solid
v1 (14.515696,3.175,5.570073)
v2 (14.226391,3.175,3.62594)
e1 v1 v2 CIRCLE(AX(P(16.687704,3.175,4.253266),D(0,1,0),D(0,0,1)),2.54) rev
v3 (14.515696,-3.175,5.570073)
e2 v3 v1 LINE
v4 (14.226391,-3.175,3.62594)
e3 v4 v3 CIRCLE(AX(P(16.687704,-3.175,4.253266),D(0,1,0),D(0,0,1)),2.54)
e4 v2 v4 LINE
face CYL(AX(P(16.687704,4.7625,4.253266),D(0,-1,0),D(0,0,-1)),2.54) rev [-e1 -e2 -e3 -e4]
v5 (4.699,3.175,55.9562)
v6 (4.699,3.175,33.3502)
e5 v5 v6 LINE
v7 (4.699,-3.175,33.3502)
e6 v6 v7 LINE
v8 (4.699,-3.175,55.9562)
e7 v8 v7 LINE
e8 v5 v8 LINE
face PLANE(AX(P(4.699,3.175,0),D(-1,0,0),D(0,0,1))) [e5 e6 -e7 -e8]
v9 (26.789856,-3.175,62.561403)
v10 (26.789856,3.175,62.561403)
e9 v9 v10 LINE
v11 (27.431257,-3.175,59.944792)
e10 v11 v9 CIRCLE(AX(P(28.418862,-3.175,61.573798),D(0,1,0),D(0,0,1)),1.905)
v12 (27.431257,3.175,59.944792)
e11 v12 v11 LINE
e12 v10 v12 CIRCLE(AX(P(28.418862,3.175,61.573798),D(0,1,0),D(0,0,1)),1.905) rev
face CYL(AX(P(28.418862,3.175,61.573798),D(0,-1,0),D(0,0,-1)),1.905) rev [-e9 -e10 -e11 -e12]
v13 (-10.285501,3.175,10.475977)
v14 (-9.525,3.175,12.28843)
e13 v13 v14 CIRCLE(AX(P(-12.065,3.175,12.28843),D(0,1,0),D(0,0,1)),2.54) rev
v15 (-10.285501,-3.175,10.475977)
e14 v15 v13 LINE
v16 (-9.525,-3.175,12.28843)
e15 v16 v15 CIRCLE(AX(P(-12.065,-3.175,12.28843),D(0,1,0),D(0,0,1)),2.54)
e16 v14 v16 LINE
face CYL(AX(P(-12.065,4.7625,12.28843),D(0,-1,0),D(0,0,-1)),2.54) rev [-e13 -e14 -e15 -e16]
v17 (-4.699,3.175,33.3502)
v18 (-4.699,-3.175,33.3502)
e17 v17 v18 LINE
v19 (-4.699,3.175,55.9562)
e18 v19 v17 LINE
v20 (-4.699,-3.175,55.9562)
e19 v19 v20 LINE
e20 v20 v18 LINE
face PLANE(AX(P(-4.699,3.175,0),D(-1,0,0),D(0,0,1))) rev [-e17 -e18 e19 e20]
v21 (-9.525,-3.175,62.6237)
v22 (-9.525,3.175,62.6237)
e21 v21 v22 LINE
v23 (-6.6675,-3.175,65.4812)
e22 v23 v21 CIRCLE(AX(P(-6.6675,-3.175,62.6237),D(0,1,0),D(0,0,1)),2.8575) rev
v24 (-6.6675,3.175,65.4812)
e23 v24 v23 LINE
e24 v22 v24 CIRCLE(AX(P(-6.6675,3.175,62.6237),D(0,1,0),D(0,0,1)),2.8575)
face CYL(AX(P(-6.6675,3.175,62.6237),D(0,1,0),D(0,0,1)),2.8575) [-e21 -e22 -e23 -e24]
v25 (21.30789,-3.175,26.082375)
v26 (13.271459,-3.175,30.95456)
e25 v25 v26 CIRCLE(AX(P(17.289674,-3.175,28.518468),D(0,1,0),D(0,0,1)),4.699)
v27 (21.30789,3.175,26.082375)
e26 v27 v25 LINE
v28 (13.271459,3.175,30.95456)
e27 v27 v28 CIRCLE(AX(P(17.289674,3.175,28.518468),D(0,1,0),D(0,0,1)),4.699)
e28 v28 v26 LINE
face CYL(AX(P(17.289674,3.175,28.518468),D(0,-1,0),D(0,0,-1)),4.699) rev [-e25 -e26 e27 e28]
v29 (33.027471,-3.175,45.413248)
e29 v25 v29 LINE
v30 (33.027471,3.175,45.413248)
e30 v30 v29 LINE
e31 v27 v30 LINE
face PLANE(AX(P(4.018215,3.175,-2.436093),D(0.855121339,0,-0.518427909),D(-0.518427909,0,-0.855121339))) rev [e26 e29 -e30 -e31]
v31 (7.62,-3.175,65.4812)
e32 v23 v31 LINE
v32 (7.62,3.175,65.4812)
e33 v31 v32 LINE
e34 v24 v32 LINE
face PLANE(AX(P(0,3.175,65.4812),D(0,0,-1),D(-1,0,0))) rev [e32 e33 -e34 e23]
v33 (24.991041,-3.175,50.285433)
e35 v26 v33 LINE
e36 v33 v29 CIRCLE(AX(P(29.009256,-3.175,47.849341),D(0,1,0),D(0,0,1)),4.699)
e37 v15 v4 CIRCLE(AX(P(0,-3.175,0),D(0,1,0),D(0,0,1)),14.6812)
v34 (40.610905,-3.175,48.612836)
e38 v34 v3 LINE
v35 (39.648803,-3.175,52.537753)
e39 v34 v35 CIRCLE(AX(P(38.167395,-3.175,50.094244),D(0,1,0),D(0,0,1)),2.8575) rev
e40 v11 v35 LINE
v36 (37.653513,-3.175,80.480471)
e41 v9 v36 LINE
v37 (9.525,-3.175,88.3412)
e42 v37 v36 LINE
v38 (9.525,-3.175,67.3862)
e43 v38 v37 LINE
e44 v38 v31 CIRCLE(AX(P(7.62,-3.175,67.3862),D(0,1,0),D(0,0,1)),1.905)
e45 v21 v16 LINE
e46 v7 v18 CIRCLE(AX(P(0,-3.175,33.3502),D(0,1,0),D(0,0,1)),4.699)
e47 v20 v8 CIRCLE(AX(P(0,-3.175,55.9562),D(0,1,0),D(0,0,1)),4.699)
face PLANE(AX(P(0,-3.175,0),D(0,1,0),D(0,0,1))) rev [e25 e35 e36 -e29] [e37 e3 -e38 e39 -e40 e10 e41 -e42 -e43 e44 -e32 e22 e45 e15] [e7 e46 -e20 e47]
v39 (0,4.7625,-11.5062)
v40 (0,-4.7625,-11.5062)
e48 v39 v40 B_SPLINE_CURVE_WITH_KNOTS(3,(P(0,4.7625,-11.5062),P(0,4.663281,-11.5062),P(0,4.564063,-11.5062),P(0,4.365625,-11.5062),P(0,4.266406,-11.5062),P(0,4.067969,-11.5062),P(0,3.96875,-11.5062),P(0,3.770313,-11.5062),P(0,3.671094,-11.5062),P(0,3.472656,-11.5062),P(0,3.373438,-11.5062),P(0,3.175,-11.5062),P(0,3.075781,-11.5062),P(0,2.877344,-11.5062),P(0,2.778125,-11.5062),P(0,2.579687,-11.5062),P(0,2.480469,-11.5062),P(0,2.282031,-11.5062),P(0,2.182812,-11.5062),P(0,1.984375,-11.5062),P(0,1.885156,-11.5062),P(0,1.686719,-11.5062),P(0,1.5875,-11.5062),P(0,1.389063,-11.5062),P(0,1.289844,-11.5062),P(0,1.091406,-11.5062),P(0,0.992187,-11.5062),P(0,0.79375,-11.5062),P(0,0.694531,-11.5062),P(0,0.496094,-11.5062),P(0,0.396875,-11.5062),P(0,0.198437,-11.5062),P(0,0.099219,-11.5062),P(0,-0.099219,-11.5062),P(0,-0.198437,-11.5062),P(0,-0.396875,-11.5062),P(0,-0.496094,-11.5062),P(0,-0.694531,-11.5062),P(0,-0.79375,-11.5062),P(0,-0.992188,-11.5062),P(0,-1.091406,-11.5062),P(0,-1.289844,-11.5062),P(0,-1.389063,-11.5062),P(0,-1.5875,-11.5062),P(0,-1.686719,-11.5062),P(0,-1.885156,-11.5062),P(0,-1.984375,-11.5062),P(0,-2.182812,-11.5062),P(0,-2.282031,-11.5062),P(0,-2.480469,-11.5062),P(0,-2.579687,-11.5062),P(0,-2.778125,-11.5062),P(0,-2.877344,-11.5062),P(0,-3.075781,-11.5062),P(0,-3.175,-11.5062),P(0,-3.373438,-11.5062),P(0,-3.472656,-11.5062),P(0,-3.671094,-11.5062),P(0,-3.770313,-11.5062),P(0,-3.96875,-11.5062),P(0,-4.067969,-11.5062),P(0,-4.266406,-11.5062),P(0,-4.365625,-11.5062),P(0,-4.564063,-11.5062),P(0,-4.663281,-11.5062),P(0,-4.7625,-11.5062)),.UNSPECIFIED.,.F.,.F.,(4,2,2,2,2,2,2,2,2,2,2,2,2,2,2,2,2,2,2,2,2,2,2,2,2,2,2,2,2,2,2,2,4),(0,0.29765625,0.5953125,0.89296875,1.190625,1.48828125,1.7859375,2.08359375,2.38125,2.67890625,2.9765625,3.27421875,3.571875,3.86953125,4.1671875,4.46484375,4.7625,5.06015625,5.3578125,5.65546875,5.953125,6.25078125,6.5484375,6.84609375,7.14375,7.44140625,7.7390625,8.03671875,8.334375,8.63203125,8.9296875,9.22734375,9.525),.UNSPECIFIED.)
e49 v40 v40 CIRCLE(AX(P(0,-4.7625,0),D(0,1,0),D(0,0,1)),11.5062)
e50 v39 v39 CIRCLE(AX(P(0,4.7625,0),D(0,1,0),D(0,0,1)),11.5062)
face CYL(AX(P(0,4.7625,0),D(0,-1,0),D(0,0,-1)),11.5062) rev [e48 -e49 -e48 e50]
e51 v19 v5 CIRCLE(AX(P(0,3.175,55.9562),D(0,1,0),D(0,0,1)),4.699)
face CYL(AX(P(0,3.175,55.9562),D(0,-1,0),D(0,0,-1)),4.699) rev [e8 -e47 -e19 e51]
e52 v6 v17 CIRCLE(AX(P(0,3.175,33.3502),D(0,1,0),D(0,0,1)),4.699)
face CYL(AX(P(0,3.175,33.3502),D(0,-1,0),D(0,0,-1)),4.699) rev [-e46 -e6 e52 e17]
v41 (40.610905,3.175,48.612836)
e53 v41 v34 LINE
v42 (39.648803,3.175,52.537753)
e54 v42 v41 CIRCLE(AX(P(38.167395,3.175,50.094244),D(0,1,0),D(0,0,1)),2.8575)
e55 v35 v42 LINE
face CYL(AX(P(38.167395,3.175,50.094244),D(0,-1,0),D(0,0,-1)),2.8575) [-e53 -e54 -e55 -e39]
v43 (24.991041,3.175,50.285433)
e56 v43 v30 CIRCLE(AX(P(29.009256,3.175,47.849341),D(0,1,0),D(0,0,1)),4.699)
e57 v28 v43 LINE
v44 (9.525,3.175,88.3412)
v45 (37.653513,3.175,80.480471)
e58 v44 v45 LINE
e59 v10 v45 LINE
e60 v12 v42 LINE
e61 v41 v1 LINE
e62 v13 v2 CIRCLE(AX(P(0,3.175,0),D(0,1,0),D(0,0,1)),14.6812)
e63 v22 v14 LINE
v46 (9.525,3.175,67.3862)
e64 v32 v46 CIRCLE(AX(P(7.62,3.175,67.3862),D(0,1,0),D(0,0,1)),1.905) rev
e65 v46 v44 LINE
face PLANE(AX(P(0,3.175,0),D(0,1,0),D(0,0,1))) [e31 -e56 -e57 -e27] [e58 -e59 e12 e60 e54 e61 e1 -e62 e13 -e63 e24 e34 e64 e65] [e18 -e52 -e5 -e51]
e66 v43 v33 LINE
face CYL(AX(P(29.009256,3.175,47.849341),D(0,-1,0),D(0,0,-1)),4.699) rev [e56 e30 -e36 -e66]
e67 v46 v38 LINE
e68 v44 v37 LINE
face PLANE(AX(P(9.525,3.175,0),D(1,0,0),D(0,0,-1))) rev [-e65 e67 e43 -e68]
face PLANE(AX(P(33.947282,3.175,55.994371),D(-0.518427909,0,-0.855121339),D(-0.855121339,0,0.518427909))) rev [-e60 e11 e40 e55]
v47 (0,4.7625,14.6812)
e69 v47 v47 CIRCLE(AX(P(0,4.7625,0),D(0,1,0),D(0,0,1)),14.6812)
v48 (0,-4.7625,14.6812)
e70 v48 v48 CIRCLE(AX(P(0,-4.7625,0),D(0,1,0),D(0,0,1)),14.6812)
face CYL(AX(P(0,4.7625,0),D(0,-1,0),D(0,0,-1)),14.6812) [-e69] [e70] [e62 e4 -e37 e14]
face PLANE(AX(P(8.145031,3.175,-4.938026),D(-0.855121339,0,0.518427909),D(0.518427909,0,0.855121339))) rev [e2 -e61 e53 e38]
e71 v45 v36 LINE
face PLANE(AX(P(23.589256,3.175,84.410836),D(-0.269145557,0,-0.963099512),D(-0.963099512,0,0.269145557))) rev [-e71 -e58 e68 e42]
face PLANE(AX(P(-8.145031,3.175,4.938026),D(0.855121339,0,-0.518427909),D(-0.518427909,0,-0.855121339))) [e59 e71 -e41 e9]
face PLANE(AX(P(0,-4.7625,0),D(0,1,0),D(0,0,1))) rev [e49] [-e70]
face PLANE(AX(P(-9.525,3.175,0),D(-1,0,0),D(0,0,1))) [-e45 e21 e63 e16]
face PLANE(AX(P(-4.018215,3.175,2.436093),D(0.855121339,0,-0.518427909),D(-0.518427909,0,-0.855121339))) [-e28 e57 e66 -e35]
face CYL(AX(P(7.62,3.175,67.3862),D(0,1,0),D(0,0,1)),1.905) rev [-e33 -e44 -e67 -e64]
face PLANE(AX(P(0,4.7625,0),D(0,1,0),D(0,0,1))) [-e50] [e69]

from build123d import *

# Parameters (mm, degrees)
SKETCH1_R             = 14.6812
SKETCH1_R_2           = 11.5062
BEARING_EXTRUDE_DEPTH = 4.7625
BOSS_EXTRUDE2_DEPTH   = 3.175
FILLET1_R             = 2.54
FILLET2_R             = 1.905
FILLET3_R             = 2.8575


with BuildPart() as part:
    # Sketch1 → Bearing extrude (new, symmetric)
    with BuildSketch(Plane(origin=(0, 0, 0), x_dir=(1, 0, 0), z_dir=(0, 1, 0))):
        with Locations(Location((0, 0, 0), (0, 0, 90))):
            Circle(SKETCH1_R)
        with Locations(Location((0, 0, 0), (0, 0, 90))):
            Circle(SKETCH1_R_2, mode=Mode.SUBTRACT)
    extrude(amount=BEARING_EXTRUDE_DEPTH, both=True)

    # Sketch1<5> → Boss-Extrude2 (add, symmetric)
    with BuildSketch(Plane(origin=(0, 0, 0), x_dir=(1, 0, 0), z_dir=(0, 1, 0))):
        with BuildLine():
            Line((-9.525, -11.171929486), (-9.525, -65.4812))
            Line((-9.525, -65.4812), (9.525, -65.4812))
            Line((9.525, -65.4812), (9.525, -88.3412))
            Line((9.525, -88.3412), (37.653512805, -80.480471022))
            Line((37.653512805, -80.480471022), (25.802250815, -60.932397223))
            Line((25.802250815, -60.932397223), (33.947281565, -55.994371394))
            Line((33.947281565, -55.994371394), (42.092312315, -51.056345565))
            Line((42.092312315, -51.056345565), (13.936870788, -4.615329467))
            ThreePointArc((13.936870788, -4.615329467), (3.951379748, -14.13945655), (-9.525, -11.171929486))
        make_face()
        with BuildLine():
            ThreePointArc((4.699, -55.9562), (0, -60.6552), (-4.699, -55.9562))
            Line((-4.699, -55.9562), (-4.699, -33.3502))
            ThreePointArc((-4.699, -33.3502), (0, -28.6512), (4.699, -33.3502))
            Line((4.699, -33.3502), (4.699, -55.9562))
        make_face(mode=Mode.SUBTRACT)
        with BuildLine():
            ThreePointArc((33.027470906, -45.413247902), (33.573140629, -48.968070141), (31.445348478, -51.867555814))
            ThreePointArc((31.445348478, -51.867555814), (27.890526239, -52.413225537), (24.991040566, -50.285433386))
            Line((24.991040566, -50.285433386), (13.271459266, -30.954560407))
            ThreePointArc((13.271459266, -30.954560407), (14.853581693, -24.500252495), (21.307889605, -26.082374923))
            Line((21.307889605, -26.082374923), (33.027470906, -45.413247902))
        make_face(mode=Mode.SUBTRACT)
    extrude(amount=BOSS_EXTRUDE2_DEPTH, both=True)

    # Fillet1
    fillet1_edges = [part.edges().sort_by_distance(p)[0] for p in [
        (13.936870788, 0, 4.615329467),
        (-9.525, 0, 11.171929486),
    ]]
    fillet(fillet1_edges, radius=FILLET1_R)

    # Fillet2
    fillet2_edges = [part.edges().sort_by_distance(p)[0] for p in [
        (25.802250815, 0, 60.932397223),
        (9.525, 0, 65.4812),
    ]]
    fillet(fillet2_edges, radius=FILLET2_R)

    # Fillet3
    fillet3_edges = [part.edges().sort_by_distance(p)[0] for p in [
        (42.092312315, 0, 51.056345565),
        (-9.525, 0, 65.4812),
    ]]
    fillet(fillet3_edges, radius=FILLET3_R)


solid = part.part
